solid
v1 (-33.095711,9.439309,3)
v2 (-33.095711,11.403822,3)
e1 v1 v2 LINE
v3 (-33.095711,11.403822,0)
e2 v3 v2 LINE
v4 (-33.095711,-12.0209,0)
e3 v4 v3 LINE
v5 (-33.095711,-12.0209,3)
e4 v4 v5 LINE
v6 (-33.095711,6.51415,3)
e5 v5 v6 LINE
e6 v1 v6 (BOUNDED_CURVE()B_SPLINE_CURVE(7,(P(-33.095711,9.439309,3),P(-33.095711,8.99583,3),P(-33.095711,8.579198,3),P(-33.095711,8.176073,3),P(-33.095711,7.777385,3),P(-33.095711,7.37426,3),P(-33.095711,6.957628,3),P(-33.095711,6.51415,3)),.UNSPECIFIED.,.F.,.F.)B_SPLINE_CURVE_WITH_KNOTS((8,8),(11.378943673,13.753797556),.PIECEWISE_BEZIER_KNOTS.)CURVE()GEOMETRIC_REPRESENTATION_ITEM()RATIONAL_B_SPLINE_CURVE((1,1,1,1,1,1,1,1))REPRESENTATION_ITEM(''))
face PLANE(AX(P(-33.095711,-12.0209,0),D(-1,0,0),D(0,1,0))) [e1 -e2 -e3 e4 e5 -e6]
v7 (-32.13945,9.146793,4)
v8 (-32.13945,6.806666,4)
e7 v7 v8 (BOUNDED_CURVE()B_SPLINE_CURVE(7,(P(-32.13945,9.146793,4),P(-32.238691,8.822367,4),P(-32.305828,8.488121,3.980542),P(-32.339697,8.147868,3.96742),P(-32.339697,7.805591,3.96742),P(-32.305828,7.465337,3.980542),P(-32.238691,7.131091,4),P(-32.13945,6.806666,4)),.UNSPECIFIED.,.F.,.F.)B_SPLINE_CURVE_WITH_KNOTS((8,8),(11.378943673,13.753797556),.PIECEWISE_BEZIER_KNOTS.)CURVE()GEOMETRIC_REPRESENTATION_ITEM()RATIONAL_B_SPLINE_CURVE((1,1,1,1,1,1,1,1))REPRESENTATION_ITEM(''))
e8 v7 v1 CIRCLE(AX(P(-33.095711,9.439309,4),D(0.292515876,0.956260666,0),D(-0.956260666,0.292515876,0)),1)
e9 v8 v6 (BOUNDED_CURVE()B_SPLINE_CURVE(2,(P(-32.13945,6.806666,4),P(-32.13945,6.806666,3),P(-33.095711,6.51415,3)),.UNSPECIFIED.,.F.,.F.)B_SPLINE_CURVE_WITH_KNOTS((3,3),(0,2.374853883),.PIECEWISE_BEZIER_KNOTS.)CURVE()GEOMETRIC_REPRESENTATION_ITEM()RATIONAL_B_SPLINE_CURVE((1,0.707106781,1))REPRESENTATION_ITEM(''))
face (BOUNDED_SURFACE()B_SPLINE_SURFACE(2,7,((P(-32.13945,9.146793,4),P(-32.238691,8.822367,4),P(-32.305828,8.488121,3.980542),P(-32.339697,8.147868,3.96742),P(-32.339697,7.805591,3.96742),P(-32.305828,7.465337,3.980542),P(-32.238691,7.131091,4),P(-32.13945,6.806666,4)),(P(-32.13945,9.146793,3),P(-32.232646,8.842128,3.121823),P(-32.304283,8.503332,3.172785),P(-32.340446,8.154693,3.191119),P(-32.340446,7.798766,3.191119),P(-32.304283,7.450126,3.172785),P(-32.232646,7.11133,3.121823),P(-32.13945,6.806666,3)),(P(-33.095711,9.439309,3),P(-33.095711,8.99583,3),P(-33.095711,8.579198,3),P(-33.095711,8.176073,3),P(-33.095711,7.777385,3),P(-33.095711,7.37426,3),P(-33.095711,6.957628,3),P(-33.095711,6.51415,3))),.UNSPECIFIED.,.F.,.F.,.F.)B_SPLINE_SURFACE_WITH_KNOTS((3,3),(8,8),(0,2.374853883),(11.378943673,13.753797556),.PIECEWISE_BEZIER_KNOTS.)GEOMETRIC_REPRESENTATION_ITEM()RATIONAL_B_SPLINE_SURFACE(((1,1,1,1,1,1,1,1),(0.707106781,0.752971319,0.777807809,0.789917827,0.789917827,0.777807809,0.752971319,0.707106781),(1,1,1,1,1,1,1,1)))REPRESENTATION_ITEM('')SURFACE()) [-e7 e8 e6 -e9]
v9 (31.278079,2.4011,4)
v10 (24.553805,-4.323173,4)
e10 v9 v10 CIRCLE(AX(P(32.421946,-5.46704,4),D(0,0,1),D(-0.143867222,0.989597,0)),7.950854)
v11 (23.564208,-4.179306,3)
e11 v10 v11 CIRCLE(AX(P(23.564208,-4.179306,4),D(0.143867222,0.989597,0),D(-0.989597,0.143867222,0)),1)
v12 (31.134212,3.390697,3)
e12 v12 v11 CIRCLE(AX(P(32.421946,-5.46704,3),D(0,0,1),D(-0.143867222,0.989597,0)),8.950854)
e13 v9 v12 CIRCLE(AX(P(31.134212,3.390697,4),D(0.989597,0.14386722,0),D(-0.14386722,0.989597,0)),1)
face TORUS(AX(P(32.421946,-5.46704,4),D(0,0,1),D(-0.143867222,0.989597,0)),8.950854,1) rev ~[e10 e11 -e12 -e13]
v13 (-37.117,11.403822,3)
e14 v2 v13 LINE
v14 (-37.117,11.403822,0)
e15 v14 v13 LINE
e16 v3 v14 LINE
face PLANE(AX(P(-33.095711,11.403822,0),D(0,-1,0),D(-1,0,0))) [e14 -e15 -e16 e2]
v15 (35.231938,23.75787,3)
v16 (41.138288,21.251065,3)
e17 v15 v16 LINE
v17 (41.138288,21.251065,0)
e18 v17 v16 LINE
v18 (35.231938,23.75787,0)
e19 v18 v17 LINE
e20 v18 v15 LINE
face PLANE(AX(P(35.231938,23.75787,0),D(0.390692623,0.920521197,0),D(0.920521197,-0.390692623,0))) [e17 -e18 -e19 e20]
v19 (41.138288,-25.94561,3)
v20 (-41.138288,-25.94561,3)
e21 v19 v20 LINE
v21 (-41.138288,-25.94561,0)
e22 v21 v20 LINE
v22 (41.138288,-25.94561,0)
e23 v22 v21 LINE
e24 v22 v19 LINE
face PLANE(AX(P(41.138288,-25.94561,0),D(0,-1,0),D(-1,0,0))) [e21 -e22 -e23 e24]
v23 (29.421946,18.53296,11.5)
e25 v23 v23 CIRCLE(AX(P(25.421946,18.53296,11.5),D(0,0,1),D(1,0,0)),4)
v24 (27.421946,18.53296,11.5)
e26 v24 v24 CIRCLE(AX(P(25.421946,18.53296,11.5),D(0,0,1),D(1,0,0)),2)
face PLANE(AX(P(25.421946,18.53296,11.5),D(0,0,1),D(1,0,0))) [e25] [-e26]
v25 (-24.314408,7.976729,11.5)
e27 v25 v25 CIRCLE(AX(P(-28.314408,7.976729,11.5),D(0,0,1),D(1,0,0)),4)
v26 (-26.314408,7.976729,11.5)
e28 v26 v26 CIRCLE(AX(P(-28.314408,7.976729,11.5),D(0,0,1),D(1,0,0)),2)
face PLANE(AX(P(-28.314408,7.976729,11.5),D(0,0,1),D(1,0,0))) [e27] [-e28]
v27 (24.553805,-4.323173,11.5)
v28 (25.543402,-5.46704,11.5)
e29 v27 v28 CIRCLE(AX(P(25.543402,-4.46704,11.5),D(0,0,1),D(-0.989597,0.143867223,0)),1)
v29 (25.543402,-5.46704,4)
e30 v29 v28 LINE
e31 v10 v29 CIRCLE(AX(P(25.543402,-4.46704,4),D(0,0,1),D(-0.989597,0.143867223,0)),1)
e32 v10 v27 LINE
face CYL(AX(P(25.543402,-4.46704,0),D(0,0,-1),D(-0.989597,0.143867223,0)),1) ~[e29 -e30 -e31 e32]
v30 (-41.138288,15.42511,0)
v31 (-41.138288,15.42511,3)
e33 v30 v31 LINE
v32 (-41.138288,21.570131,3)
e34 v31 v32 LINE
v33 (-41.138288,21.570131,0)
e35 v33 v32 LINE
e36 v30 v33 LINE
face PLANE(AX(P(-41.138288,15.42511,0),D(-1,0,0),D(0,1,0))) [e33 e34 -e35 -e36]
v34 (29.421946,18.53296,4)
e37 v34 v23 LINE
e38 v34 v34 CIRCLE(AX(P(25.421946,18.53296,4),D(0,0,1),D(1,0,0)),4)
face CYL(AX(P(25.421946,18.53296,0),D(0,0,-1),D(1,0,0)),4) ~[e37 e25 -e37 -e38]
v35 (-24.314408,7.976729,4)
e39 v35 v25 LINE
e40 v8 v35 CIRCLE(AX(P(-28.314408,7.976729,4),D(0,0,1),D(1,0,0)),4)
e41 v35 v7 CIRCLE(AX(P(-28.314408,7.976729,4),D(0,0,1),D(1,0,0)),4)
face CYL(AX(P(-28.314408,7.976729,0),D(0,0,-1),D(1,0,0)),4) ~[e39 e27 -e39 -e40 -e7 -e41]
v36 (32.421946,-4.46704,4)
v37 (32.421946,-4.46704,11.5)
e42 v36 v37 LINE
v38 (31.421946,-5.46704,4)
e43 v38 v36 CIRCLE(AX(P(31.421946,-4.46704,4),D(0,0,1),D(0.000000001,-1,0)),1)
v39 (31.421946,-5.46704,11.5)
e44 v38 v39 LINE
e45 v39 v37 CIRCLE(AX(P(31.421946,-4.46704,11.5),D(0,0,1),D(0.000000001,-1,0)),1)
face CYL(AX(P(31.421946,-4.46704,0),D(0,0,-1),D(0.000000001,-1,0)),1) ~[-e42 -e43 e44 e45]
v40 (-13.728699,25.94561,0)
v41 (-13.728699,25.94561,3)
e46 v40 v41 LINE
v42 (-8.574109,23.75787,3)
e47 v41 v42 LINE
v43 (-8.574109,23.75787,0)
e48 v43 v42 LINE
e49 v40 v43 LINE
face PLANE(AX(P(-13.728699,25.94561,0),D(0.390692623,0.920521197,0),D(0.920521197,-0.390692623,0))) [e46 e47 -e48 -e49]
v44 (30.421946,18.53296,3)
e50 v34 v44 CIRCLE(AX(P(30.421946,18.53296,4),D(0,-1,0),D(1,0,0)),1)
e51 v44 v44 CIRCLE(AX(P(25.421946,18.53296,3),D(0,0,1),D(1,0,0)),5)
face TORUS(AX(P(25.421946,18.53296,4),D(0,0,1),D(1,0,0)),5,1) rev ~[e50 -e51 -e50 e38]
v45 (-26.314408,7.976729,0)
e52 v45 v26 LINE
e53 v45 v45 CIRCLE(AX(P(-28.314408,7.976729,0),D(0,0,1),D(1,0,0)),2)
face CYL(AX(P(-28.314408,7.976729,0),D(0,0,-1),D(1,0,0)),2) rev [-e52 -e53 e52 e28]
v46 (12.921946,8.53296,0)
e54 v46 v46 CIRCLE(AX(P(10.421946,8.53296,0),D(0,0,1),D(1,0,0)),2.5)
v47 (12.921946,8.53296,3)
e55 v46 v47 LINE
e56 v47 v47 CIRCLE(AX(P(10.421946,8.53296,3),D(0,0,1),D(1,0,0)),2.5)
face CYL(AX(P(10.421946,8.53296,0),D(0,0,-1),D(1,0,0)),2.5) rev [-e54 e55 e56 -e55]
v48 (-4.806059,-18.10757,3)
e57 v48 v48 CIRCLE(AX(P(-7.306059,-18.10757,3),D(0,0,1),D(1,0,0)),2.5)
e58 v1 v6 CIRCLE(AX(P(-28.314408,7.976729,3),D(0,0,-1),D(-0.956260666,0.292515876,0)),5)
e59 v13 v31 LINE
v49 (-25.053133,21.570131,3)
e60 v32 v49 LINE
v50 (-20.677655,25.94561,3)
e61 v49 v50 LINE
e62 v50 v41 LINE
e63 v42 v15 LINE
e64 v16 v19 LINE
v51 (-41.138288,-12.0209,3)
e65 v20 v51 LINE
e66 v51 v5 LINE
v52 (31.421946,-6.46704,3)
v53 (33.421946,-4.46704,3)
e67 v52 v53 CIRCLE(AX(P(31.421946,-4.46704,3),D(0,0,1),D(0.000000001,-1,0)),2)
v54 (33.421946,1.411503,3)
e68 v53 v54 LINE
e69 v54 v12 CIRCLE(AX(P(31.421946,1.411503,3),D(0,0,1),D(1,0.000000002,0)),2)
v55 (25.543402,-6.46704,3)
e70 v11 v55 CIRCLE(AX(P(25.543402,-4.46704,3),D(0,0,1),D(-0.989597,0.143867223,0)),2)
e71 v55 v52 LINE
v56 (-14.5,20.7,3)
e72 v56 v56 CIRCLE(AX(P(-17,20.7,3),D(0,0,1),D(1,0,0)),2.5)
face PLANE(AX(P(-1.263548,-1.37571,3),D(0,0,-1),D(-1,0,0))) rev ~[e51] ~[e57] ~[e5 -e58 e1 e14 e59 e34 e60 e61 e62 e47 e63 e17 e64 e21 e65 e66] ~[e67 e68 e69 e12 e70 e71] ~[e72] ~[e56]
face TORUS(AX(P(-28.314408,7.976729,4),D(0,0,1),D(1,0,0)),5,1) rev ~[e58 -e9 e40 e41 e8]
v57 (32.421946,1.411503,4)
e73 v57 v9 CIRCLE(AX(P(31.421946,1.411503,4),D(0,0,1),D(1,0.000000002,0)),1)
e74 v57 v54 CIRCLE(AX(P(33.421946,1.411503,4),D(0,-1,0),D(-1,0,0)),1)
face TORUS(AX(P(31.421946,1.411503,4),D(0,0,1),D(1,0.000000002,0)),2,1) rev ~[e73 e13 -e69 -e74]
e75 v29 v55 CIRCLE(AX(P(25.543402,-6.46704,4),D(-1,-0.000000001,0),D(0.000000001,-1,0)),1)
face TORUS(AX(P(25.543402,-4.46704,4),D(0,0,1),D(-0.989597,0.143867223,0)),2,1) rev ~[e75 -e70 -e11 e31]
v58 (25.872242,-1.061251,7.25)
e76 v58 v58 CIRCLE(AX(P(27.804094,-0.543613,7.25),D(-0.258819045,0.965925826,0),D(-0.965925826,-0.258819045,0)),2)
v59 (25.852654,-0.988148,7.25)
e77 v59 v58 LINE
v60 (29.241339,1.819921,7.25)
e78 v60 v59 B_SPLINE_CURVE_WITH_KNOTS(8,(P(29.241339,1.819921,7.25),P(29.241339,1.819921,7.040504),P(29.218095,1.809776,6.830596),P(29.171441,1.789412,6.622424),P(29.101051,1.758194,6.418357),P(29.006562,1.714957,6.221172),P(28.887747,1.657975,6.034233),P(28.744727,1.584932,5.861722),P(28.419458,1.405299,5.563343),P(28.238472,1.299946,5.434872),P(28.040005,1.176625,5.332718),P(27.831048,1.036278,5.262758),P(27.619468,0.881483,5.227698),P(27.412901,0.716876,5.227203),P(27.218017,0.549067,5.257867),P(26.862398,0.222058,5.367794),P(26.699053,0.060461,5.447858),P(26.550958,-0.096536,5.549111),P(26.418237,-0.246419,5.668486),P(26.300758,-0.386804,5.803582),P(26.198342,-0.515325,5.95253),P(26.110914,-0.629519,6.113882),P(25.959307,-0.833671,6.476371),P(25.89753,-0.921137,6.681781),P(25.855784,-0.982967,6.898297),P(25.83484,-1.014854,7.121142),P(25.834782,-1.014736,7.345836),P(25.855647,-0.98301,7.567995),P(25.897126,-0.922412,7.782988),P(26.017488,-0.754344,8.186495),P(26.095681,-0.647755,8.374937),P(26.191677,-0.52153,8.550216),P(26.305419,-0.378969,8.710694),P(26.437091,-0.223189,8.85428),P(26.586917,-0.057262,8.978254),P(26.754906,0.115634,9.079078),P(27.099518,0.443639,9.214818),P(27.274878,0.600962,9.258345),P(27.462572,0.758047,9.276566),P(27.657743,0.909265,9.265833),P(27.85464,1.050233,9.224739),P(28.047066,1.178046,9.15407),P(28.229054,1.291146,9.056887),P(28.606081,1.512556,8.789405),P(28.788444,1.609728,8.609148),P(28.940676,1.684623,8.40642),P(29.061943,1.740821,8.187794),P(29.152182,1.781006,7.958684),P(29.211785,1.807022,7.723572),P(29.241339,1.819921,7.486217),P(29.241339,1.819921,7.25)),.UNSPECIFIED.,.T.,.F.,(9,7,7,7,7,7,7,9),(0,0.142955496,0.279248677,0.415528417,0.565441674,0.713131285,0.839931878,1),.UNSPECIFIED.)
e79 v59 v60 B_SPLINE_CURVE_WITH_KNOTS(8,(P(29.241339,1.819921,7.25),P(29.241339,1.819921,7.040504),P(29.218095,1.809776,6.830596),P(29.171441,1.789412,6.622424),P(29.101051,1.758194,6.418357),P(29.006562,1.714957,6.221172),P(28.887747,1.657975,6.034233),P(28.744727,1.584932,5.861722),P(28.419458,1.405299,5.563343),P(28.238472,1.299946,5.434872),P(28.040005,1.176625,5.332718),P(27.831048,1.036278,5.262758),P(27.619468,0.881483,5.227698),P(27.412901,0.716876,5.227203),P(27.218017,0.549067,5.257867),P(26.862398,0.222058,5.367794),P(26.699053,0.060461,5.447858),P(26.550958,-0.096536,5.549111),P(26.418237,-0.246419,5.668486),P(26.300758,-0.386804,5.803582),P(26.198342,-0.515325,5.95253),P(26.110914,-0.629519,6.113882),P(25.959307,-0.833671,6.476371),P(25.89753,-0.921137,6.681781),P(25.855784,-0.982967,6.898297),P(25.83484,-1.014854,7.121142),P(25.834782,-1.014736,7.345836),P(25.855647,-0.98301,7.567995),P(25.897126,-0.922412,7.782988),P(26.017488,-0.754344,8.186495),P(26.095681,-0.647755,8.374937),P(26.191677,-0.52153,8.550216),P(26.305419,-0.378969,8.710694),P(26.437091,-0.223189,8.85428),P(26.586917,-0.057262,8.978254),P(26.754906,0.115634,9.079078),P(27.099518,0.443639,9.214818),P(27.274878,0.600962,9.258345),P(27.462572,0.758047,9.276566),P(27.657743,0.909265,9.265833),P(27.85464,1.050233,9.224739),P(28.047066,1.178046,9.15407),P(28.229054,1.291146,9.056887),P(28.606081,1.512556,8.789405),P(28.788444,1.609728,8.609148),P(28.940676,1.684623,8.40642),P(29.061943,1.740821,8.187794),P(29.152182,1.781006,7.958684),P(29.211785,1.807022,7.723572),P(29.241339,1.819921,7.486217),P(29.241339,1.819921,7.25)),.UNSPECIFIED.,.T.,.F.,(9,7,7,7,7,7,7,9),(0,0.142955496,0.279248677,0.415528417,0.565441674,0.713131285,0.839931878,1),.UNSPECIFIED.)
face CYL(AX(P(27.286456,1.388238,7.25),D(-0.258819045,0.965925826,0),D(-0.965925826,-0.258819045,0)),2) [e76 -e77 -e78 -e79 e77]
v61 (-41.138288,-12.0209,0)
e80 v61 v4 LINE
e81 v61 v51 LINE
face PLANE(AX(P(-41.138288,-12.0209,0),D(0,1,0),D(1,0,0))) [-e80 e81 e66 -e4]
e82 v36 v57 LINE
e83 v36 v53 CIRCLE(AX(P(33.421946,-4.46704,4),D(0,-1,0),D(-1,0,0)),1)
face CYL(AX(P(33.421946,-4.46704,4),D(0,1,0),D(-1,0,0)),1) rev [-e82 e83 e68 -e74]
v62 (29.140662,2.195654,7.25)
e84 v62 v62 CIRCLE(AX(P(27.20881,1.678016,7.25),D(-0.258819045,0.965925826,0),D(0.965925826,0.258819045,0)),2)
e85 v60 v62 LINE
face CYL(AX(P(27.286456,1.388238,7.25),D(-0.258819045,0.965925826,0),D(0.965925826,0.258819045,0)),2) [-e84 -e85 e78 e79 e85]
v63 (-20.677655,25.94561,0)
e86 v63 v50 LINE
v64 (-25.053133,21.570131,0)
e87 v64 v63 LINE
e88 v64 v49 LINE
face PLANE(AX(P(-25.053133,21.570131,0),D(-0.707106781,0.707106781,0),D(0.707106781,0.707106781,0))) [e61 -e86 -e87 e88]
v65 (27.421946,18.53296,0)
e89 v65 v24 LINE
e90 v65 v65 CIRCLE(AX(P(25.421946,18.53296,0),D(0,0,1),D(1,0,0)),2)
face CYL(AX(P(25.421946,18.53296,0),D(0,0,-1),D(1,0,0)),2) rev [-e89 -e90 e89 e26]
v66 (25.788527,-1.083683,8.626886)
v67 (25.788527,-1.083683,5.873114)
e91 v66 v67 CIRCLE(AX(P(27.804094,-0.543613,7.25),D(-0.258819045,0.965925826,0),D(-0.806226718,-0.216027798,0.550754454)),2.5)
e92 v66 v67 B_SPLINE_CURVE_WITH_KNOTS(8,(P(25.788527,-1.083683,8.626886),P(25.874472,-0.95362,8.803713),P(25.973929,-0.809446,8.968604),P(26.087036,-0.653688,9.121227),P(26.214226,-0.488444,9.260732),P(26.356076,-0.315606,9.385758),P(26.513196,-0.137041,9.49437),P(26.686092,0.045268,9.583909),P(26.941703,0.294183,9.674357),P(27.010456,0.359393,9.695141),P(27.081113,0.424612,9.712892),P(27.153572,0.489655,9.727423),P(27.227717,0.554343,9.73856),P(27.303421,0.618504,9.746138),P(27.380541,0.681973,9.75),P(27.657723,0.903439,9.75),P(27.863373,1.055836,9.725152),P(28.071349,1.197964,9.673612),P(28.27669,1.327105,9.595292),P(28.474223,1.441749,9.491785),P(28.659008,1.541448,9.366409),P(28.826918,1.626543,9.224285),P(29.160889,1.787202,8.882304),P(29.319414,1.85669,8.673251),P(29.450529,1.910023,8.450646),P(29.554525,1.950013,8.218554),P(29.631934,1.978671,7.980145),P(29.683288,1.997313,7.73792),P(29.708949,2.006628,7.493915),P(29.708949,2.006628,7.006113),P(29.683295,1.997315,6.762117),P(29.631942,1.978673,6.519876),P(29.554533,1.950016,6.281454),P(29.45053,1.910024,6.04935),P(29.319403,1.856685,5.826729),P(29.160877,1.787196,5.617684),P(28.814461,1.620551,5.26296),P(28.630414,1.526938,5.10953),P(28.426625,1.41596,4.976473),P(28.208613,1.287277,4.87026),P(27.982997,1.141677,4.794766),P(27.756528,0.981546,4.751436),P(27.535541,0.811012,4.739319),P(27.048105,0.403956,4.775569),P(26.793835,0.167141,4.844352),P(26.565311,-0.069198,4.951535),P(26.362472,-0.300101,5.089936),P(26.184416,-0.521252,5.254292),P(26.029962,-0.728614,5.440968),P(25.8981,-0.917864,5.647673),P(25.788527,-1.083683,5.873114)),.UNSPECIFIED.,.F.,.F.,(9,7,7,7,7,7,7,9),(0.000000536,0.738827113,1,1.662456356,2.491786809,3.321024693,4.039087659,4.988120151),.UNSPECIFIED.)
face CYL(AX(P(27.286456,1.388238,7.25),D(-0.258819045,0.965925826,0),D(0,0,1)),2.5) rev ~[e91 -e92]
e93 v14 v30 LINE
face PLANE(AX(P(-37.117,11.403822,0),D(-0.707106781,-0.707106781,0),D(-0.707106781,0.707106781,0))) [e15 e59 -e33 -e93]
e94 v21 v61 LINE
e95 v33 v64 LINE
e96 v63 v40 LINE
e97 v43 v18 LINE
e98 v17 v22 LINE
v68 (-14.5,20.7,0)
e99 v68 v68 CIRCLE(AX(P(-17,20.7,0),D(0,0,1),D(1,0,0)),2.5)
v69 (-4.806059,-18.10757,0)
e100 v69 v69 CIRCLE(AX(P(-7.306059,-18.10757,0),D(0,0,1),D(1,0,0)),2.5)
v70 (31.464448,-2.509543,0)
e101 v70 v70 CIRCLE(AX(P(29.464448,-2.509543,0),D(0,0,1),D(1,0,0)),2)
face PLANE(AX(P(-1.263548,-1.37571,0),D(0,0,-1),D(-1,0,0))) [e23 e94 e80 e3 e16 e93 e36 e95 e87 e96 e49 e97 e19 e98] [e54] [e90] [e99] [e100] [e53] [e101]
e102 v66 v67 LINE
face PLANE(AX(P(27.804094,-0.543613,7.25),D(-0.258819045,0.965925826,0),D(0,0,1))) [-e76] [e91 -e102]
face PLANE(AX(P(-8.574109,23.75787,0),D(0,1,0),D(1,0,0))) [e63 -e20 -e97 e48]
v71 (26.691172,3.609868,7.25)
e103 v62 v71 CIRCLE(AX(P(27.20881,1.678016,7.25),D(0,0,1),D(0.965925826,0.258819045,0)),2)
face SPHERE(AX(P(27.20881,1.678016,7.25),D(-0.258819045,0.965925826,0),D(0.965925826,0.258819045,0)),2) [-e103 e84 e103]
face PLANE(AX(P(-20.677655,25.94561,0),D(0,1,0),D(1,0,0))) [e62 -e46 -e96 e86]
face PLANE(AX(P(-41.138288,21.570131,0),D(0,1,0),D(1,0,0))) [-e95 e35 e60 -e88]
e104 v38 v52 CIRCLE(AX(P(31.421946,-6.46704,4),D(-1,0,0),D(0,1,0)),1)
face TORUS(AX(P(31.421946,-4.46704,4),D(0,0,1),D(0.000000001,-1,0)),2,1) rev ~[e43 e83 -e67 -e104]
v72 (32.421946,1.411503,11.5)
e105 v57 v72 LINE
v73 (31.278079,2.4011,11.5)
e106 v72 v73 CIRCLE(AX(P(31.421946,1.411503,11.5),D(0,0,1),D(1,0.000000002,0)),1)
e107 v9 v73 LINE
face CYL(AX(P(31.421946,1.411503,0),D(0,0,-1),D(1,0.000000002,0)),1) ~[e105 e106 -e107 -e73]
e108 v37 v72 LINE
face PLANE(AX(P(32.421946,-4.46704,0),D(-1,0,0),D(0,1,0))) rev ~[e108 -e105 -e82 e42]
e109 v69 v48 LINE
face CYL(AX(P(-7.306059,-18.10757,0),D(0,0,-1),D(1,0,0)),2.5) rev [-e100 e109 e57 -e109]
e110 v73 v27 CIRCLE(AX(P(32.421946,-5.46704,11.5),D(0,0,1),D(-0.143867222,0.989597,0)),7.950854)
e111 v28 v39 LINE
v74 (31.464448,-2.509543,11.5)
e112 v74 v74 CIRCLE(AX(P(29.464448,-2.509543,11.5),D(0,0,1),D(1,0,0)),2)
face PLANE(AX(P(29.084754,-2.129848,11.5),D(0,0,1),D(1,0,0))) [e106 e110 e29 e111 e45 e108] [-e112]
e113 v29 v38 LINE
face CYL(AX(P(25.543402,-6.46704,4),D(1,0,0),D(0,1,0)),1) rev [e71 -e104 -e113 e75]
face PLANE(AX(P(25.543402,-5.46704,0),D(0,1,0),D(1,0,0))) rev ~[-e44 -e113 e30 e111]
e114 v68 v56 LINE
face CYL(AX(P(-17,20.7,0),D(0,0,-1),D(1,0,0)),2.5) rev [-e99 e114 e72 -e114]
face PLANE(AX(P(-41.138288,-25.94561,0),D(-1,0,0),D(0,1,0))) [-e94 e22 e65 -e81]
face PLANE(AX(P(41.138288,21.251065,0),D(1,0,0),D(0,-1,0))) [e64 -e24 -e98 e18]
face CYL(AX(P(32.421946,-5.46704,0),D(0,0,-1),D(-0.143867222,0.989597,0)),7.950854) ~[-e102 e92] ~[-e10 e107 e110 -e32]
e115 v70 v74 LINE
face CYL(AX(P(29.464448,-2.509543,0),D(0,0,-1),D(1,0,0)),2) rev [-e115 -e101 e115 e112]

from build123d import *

# Parameters (mm, degrees)
SKETCH_2_R          = 2.5
SKETCH_2_R_2        = 4
EXTRUDE_1_DEPTH     = 3
SKETCH_2_3_R        = 2
SKETCH_2_3_R_2      = 4
EXTRUDE_2_DEPTH     = 11.5
SKETCH_6_R          = 2
EXTRUDE_3_DEPTH     = 2.3
FILLET_1_R          = 2
SKETCH_7_R          = 2.5
SKETCH_7_R_2        = 2
CUT_EXTRUDE_2_DEPTH = 2
FILLET_2_R          = 1


with BuildPart() as part:
    # 스케치2 → 보스-돌출1 (new body)
    with BuildSketch(Plane.XY):
        Polygon((-25.053133429, 21.570131373), (-41.138288377, 21.570131373), (-41.138288377, 15.425110404), (-37.11699964, 11.403821667), (-33.095710903, 11.403821667), (-33.095710903, -12.020899542), (-41.138288377, -12.020899542), (-41.138288377, -25.94560961), (41.138288377, -25.94560961), (41.138288377, 21.251065018), (35.231937864, 23.757870491), (-8.574109119, 23.757870491), (-13.728698976, 25.94560961), (-20.677655191, 25.94560961), align=None)
        with Locations((-7.306059133, -18.107570273)):
            Circle(SKETCH_2_R, mode=Mode.SUBTRACT)
        with BuildLine():
            Line((31.421946091, -5.467040421), (25.543402205, -5.467040421))
            ThreePointArc((25.543402205, -5.467040421), (24.78713928, -5.121308248), (24.553805205, -4.323173199))
            ThreePointArc((24.553805205, -4.323173199), (26.799843583, 0.155062087), (31.278078869, 2.401100465))
            ThreePointArc((31.278078869, 2.401100465), (32.076213917, 2.167766389), (32.421946091, 1.411503465))
            Line((32.421946091, 1.411503465), (32.421946091, -4.467040421))
            ThreePointArc((32.421946091, -4.467040421), (32.129052872, -5.174147202), (31.421946091, -5.467040421))
        make_face(mode=Mode.SUBTRACT)
        with Locations((-28.314407571, 7.976729123)):
            Circle(SKETCH_2_R_2, mode=Mode.SUBTRACT)
        with Locations((-17, 20.7)):
            Circle(SKETCH_2_R, mode=Mode.SUBTRACT)
        with Locations((10.421946091, 8.532959579)):
            Circle(SKETCH_2_R, mode=Mode.SUBTRACT)
        with Locations((25.421946091, 18.532959579)):
            Circle(SKETCH_2_R_2, mode=Mode.SUBTRACT)
    extrude(amount=EXTRUDE_1_DEPTH)

    # 스케치2<3> → 보스-돌출2 (add)
    # profile 1 of 3: a face of its own
    with BuildSketch(Plane.XY):
        with BuildLine():
            ThreePointArc((24.553805205, -4.323173199), (24.78713928, -5.121308248), (25.543402205, -5.467040421))
            Line((25.543402205, -5.467040421), (31.421946091, -5.467040421))
            ThreePointArc((31.421946091, -5.467040421), (32.129052872, -5.174147202), (32.421946091, -4.467040421))
            Line((32.421946091, -4.467040421), (32.421946091, 1.411503465))
            ThreePointArc((32.421946091, 1.411503465), (32.076213917, 2.167766389), (31.278078869, 2.401100465))
            ThreePointArc((31.278078869, 2.401100465), (26.799843583, 0.155062087), (24.553805205, -4.323173199))
        make_face()
        with Locations((29.464448227, -2.509542558)):
            Circle(SKETCH_2_3_R, mode=Mode.SUBTRACT)
    # profile 2 of 3: a face of its own
    with BuildSketch(Plane.XY):
        with Locations((-28.314407571, 7.976729123)):
            Circle(SKETCH_2_3_R_2)
        with Locations((-28.314407571, 7.976729123)):
            Circle(SKETCH_2_3_R, mode=Mode.SUBTRACT)
    # profile 3 of 3: a face of its own
    with BuildSketch(Plane.XY):
        with Locations((25.421946091, 18.532959579)):
            Circle(SKETCH_2_3_R_2)
        with Locations((25.421946091, 18.532959579)):
            Circle(SKETCH_2_3_R, mode=Mode.SUBTRACT)
    extrude(amount=EXTRUDE_2_DEPTH)

    # 스케치6 → 보스-돌출3 (add, symmetric)
    with BuildSketch(Plane(origin=(1.480786333, -5.526369829, 0), x_dir=(0, 0, 1), z_dir=(-0.25881904510252574, 0.9659258262890671, 0))):
        with Locations((7.25, 26.715994864)):
            Circle(SKETCH_6_R)
    extrude(amount=EXTRUDE_3_DEPTH, both=True)

    # 필렛1
    fillet_1_edges = [part.edges().sort_by_distance(p)[0] for p in [
        (26.691171943, 3.609867851, 5.25),
    ]]
    fillet(fillet_1_edges, radius=FILLET_1_R)

    # 스케치7 → 컷-돌출2 (cut)
    with BuildSketch(Plane(origin=(1.480786333, -5.526369829, 0), x_dir=(0, 0, 1), z_dir=(-0.25881904510252574, 0.9659258262890671, 0))):
        with Locations((7.25, 26.715994864)):
            Circle(SKETCH_7_R)
        with Locations((7.25, 26.715994864)):
            Circle(SKETCH_7_R_2, mode=Mode.SUBTRACT)
    extrude(amount=-CUT_EXTRUDE_2_DEPTH, mode=Mode.SUBTRACT)

    # 필렛2
    fillet_2_edges = [part.edges().sort_by_distance(p)[0] for p in [
        (32.076213917, 2.167766389, 3),
        (32.421946091, -1.527768478, 3),
        (32.129052872, -5.174147202, 3),
        (28.482674148, -5.467040421, 3),
        (24.78713928, -5.121308248, 3),
        (-32.314407571, 7.976729123, 3),
        (21.421946091, 18.532959579, 3),
        (26.799843583, 0.155062087, 3),
    ]]
    fillet(fillet_2_edges, radius=FILLET_2_R)


solid = part.part
